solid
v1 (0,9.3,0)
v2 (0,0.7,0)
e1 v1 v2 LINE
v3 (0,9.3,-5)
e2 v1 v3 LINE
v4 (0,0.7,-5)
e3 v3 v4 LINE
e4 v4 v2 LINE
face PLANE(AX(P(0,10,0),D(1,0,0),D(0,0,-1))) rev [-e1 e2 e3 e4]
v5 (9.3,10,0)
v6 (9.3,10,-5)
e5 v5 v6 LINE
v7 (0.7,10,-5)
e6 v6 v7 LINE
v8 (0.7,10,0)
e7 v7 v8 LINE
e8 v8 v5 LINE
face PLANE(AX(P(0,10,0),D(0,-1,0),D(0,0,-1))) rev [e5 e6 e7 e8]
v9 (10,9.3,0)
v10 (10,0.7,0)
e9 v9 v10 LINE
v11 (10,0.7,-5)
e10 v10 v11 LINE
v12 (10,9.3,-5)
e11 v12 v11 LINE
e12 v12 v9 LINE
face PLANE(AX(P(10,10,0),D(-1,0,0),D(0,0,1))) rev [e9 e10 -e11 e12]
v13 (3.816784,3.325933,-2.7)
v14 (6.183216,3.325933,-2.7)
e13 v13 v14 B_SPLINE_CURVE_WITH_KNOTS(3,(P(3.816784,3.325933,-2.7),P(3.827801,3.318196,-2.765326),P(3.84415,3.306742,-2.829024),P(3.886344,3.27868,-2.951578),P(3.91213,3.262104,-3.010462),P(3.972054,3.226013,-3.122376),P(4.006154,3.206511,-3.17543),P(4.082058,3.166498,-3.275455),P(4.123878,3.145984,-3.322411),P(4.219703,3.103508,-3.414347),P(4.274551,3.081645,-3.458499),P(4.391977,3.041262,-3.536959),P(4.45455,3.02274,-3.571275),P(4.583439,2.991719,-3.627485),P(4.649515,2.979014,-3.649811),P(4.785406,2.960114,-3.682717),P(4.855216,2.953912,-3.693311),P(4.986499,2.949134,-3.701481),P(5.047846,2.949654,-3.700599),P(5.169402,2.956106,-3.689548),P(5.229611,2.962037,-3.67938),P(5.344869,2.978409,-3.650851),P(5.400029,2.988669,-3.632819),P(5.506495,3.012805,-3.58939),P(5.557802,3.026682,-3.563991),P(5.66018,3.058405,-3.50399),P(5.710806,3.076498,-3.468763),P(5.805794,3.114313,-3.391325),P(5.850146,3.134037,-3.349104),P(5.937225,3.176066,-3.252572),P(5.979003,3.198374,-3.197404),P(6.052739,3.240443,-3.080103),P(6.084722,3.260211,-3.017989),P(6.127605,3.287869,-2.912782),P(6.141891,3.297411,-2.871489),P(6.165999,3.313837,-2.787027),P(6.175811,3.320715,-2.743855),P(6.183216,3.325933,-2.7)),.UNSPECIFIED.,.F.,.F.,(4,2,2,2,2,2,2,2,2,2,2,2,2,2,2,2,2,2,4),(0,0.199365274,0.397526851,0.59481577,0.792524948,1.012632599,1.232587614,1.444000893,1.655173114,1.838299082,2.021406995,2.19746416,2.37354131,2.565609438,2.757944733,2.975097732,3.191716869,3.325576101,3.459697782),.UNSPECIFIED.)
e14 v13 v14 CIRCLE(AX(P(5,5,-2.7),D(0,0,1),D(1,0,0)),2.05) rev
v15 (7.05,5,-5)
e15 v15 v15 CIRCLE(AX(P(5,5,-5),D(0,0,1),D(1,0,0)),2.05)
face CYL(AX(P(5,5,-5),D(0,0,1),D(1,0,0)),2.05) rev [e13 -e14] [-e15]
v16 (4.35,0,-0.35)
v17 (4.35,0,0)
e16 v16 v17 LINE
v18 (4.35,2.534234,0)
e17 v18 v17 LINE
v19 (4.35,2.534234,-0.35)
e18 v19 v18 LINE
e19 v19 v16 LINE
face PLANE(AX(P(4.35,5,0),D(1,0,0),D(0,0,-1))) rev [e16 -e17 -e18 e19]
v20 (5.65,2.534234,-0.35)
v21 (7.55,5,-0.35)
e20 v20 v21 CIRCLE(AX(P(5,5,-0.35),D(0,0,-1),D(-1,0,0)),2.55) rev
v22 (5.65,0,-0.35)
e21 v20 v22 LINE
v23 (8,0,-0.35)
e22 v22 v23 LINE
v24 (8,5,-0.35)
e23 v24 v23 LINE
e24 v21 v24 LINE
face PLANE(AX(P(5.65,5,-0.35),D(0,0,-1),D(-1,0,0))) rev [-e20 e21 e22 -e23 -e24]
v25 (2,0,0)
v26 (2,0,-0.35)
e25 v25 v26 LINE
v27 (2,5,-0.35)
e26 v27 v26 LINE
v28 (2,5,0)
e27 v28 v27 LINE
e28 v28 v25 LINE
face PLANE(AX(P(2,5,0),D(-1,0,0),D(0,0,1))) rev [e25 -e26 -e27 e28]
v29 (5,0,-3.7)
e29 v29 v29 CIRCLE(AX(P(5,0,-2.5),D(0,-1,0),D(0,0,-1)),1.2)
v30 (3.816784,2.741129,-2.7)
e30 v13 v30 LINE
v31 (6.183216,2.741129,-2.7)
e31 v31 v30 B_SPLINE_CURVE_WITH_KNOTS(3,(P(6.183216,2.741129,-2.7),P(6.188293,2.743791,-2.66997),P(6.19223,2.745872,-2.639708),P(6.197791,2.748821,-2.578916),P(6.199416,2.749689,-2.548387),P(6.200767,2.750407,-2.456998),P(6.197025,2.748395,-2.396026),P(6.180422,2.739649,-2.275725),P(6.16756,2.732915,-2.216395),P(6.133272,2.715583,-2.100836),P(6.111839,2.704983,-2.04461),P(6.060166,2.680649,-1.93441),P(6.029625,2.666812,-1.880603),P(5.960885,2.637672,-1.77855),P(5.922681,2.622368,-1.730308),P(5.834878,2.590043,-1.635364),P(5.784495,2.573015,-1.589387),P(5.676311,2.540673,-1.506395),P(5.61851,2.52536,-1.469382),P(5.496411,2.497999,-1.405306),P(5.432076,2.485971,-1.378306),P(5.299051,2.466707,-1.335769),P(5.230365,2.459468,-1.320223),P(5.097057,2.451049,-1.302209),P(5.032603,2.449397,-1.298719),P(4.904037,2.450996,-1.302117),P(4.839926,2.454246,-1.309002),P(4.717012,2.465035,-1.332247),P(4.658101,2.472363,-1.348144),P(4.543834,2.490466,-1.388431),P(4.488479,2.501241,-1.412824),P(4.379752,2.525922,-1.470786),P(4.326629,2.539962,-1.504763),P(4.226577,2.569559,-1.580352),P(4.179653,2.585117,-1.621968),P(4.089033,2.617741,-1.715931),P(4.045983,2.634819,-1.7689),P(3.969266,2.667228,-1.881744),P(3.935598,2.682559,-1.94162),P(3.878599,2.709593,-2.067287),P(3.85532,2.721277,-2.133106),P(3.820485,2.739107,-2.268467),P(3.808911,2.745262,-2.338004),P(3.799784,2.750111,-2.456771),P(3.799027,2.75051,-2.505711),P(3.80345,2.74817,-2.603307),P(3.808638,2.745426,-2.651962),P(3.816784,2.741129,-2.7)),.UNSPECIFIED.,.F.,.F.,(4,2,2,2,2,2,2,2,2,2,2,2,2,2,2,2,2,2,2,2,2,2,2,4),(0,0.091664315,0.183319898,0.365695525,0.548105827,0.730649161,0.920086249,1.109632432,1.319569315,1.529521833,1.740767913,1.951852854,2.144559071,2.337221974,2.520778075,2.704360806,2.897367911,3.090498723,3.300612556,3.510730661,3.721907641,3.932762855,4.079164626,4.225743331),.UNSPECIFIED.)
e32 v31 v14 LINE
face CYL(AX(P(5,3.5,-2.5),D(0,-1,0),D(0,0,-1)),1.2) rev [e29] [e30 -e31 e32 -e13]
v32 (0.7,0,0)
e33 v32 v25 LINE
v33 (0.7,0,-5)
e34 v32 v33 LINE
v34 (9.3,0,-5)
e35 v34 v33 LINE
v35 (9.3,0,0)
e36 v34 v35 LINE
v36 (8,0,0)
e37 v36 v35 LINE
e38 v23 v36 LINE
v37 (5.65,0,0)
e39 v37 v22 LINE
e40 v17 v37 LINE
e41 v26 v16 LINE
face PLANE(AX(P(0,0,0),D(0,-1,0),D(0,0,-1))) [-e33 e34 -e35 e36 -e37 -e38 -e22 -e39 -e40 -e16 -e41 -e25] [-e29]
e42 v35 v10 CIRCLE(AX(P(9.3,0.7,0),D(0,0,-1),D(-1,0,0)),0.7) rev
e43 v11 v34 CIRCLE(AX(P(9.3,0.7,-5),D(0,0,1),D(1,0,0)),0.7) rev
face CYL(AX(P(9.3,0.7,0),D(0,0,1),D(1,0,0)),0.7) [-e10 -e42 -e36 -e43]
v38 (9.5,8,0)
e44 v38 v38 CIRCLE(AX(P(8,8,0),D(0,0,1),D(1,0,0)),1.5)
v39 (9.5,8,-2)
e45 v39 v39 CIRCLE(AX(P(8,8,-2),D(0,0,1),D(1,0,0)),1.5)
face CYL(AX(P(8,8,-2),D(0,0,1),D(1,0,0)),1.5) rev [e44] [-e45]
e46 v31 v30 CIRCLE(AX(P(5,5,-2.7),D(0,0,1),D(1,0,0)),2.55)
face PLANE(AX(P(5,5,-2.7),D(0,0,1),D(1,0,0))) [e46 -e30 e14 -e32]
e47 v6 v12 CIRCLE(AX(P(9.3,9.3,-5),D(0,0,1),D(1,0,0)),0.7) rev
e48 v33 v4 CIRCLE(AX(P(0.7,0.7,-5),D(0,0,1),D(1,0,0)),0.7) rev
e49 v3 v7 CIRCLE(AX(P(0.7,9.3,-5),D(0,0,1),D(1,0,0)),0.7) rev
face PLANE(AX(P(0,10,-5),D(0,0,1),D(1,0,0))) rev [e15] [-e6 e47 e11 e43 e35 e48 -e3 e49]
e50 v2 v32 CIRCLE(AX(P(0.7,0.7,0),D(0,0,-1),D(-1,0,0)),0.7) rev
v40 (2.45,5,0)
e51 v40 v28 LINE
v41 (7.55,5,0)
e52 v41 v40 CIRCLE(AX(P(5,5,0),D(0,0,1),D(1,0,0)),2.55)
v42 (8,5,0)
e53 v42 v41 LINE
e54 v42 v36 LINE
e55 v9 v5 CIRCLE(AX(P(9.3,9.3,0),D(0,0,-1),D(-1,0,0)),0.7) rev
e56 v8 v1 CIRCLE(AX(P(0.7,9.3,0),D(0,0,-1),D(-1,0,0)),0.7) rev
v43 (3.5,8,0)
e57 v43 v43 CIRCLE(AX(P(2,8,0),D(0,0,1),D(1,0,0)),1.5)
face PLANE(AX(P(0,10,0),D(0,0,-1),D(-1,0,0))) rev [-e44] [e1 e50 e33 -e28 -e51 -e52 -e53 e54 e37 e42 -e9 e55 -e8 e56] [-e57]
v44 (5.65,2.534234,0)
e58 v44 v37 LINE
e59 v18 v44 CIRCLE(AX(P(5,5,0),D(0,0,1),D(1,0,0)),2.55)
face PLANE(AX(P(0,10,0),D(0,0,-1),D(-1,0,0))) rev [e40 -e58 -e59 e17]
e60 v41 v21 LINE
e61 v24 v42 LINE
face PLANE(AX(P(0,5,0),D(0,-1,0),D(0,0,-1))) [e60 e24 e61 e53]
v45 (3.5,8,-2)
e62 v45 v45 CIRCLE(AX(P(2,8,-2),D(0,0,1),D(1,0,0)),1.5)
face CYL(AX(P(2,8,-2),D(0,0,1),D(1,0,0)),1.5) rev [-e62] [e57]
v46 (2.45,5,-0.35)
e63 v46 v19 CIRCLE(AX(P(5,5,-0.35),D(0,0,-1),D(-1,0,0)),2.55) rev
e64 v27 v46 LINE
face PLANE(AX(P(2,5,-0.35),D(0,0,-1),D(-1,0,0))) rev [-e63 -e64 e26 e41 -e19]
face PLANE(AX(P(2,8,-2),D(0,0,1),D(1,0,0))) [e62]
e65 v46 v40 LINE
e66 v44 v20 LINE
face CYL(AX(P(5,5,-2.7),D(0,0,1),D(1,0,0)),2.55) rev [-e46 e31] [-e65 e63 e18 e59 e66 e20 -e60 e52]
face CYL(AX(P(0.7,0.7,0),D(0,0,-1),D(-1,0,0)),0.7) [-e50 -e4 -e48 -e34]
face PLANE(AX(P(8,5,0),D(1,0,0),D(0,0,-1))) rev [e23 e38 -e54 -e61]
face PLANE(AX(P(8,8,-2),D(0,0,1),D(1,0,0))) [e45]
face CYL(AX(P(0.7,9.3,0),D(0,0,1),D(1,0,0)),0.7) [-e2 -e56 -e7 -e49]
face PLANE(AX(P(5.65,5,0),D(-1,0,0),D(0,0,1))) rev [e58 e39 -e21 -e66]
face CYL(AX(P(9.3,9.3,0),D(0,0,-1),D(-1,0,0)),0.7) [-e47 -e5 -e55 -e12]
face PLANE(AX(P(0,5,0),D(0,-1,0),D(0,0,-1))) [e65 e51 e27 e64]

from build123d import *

# Parameters (mm, degrees)
SKETCH1_W           = 10
SKETCH1_H           = 5
BOSS_EXTRUDE1_DEPTH = 10
SKETCH2_R           = 2.05
CUT_EXTRUDE1_DEPTH  = 16
SKETCH3_R           = 2.55
CUT_EXTRUDE2_DEPTH  = 2.7
SKETCH5_W           = 2.35
SKETCH5_H           = 0.35
CUT_EXTRUDE3_DEPTH  = 5
SKETCH6_R           = 1.5
CUT_EXTRUDE4_DEPTH  = 2
SKETCH8_R           = 1.2
CUT_EXTRUDE5_DEPTH  = 3.5
FILLET1_R           = 0.7


with BuildPart() as part:
    # Sketch1 → Boss-Extrude1 (new body)
    with BuildSketch(Plane(origin=(0, 0, 0), x_dir=(1, 0, 0), z_dir=(0, 1, 0))):
        with Locations((5, 2.5)):
            Rectangle(SKETCH1_W, SKETCH1_H)
    extrude(amount=BOSS_EXTRUDE1_DEPTH)

    # Sketch2 → Cut-Extrude1 (cut, through all)
    with BuildSketch(Plane.XY):
        with Locations((5, 5)):
            Circle(SKETCH2_R)
    extrude(amount=-CUT_EXTRUDE1_DEPTH, mode=Mode.SUBTRACT)

    # Sketch3 → Cut-Extrude2 (cut)
    with BuildSketch(Plane.XY):
        with Locations((5, 5)):
            Circle(SKETCH3_R)
    extrude(amount=-CUT_EXTRUDE2_DEPTH, mode=Mode.SUBTRACT)

    # Sketch5 → Cut-Extrude3 (cut)
    with BuildSketch(Plane.XZ):
        with Locations((3.175, -0.175)):
            Rectangle(SKETCH5_W, SKETCH5_H)
        with Locations((6.825, -0.175)):
            Rectangle(SKETCH5_W, SKETCH5_H)
    extrude(amount=-CUT_EXTRUDE3_DEPTH, mode=Mode.SUBTRACT)

    # Sketch6 → Cut-Extrude4 (cut)
    with BuildSketch(Plane.XY):
        with Locations((2, 8)):
            Circle(SKETCH6_R)
        with Locations((8, 8)):
            Circle(SKETCH6_R)
    extrude(amount=-CUT_EXTRUDE4_DEPTH, mode=Mode.SUBTRACT)

    # Sketch8 → Cut-Extrude5 (cut)
    with BuildSketch(Plane.XZ):
        with Locations(Location((5, -2.5, 0), (0, 0, 270))):
            Circle(SKETCH8_R)
    extrude(amount=-CUT_EXTRUDE5_DEPTH, mode=Mode.SUBTRACT)

    # Fillet1
    fillet1_edges = [part.edges().sort_by_distance(p)[0] for p in [
        (10, 10, -2.5),
        (0, 10, -2.5),
        (10, 0, -2.5),
        (0, 0, -2.5),
    ]]
    fillet(fillet1_edges, radius=FILLET1_R)


solid = part.part
